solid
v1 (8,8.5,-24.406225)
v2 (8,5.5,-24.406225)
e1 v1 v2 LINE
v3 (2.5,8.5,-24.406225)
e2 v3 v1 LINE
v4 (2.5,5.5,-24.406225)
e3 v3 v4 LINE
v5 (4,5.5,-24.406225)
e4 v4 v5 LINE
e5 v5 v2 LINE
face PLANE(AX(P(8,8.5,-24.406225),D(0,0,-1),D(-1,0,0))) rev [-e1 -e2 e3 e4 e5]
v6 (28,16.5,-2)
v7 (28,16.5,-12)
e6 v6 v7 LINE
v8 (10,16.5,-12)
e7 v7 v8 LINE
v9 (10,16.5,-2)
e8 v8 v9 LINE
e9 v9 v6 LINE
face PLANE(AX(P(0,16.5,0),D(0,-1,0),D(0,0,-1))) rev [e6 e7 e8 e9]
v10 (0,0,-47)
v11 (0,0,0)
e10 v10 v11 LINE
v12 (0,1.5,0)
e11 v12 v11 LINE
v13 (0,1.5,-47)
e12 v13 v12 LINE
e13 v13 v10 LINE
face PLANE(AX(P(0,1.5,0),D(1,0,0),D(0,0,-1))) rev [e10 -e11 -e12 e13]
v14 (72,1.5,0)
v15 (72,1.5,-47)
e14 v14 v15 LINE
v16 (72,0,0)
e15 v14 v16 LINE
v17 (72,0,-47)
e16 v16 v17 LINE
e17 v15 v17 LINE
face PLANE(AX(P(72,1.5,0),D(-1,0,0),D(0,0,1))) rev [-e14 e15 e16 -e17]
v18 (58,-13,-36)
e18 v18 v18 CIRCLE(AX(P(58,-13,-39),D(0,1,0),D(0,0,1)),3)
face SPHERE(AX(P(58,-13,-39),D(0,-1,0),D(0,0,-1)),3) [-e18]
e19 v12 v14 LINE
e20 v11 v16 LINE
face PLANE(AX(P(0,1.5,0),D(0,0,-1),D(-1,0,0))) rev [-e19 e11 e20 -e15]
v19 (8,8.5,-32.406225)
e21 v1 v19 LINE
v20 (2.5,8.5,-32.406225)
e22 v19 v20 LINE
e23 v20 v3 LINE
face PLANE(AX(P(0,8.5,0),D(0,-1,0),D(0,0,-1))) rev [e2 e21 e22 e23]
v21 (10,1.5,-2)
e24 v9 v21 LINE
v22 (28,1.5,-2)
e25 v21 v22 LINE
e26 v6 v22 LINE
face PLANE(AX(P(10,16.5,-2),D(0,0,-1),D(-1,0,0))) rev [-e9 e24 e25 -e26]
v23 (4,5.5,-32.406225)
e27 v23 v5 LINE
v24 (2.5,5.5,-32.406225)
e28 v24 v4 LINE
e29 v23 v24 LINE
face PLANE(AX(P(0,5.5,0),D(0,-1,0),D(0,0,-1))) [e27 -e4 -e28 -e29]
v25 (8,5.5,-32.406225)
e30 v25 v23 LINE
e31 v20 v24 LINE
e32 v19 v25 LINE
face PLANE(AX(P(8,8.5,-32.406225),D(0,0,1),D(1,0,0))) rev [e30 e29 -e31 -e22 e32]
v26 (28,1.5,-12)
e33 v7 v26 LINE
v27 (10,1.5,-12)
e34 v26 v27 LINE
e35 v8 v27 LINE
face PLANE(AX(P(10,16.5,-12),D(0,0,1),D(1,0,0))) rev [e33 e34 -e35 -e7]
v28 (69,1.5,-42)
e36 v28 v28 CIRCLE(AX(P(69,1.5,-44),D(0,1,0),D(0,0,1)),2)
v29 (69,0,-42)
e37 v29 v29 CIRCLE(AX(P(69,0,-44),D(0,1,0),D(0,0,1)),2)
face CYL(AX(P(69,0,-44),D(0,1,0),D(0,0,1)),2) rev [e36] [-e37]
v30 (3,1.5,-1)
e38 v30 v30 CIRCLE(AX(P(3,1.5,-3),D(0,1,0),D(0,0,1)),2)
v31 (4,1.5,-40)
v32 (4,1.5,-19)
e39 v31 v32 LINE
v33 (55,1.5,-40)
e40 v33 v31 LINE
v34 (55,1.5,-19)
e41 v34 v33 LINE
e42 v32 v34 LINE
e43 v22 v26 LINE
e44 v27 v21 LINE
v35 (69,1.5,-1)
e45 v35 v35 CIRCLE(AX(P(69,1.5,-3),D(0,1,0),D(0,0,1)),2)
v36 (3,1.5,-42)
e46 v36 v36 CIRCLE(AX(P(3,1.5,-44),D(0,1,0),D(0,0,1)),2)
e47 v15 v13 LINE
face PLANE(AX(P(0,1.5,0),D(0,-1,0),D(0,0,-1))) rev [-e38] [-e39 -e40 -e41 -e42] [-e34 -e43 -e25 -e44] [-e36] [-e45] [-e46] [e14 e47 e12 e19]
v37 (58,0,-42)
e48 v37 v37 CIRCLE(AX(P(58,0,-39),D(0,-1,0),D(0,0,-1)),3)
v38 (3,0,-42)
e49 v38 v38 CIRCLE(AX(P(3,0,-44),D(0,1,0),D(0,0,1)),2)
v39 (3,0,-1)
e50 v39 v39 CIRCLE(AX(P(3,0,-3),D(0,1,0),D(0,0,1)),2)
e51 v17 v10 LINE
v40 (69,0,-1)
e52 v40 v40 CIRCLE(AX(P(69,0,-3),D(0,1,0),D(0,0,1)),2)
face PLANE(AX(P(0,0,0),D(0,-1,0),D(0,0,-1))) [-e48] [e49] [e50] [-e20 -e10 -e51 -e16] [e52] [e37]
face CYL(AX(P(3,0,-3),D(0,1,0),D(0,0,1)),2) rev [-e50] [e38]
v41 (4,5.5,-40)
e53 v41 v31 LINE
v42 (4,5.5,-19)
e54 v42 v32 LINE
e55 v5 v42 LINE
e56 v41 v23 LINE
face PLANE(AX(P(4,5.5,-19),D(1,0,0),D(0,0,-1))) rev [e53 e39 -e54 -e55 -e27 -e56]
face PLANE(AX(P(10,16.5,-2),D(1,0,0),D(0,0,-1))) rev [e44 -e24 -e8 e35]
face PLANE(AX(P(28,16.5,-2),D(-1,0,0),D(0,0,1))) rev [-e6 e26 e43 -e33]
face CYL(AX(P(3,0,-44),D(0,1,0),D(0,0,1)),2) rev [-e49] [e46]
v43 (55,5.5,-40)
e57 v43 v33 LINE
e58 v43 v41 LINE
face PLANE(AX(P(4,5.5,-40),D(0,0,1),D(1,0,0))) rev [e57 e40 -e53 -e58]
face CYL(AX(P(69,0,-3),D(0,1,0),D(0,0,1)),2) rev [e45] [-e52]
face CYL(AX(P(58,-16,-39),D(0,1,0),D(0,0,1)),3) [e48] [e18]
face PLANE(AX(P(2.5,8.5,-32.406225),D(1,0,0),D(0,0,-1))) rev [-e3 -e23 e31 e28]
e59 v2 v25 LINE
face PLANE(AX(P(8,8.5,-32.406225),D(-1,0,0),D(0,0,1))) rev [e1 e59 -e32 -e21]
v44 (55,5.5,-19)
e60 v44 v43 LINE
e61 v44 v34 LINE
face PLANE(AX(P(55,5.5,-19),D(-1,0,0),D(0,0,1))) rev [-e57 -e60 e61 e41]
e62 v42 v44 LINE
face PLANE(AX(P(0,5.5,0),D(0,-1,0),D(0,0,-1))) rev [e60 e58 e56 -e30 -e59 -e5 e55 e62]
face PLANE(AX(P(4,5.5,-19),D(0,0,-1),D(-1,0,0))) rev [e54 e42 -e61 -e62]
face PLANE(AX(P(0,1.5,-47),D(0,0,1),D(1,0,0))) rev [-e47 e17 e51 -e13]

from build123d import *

# Parameters (mm, degrees)
SKETCH1_W           = 72
SKETCH1_H           = 47
BOSS_EXTRUDE1_DEPTH = 1.5
CUT_EXTRUDE1_DEPTH  = 1.5
SKETCH3_W           = 18
SKETCH3_H           = 10
BOSS_EXTRUDE2_DEPTH = 15
SKETCH4_W           = 51
SKETCH4_H           = 21
BOSS_EXTRUDE3_DEPTH = 4
SKETCH5_W           = 5.5
SKETCH5_H           = 8
BOSS_EXTRUDE4_DEPTH = 3
SKETCH6_R           = 3
BOSS_EXTRUDE5_DEPTH = 16
FILLET1_R           = 3


with BuildPart() as part:
    # Sketch1 → Boss-Extrude1 (new body)
    with BuildSketch(Plane(origin=(0, 0, 0), x_dir=(1, 0, 0), z_dir=(0, 1, 0))):
        with Locations((36, 23.5)):
            Rectangle(SKETCH1_W, SKETCH1_H)
    extrude(amount=BOSS_EXTRUDE1_DEPTH)

    # Sketch2 → Cut-Extrude1 (cut)
    with BuildSketch(Plane(origin=(0, 1.5, 0), x_dir=(1, 0, 0), z_dir=(0, 1, 0))):
        with BuildLine():
            ThreePointArc((67, 44), (67.585786438, 42.585786438), (69, 42))
            Line((69, 42), (69, 44))
            Line((69, 44), (67, 44))
        make_face()
        with BuildLine():
            Line((69, 44), (69, 42))
            ThreePointArc((69, 42), (70.414213562, 42.585786438), (71, 44))
            ThreePointArc((71, 44), (69, 46), (67, 44))
            Line((67, 44), (69, 44))
        make_face()
        with BuildLine():
            ThreePointArc((69, 5), (67.585786438, 4.414213562), (67, 3))
            Line((67, 3), (69, 3))
            Line((69, 3), (69, 5))
        make_face()
        with BuildLine():
            Line((69, 3), (67, 3))
            ThreePointArc((67, 3), (69, 1), (71, 3))
            ThreePointArc((71, 3), (70.414213562, 4.414213562), (69, 5))
            Line((69, 5), (69, 3))
        make_face()
        with BuildLine():
            Line((3, 5), (3, 3))
            Line((3, 3), (5, 3))
            ThreePointArc((5, 3), (4.414213562, 4.414213562), (3, 5))
        make_face()
        with BuildLine():
            Line((5, 3), (3, 3))
            Line((3, 3), (3, 5))
            ThreePointArc((3, 5), (1.585786438, 1.585786438), (5, 3))
        make_face()
        with BuildLine():
            ThreePointArc((5, 44), (1.585786438, 45.414213562), (3, 42))
            Line((3, 42), (3, 44))
            Line((3, 44), (5, 44))
        make_face()
        with BuildLine():
            Line((3, 44), (3, 42))
            ThreePointArc((3, 42), (4.414213562, 42.585786438), (5, 44))
            Line((5, 44), (3, 44))
        make_face()
    extrude(amount=-CUT_EXTRUDE1_DEPTH, mode=Mode.SUBTRACT)

    # Sketch3 → Boss-Extrude2 (add)
    with BuildSketch(Plane(origin=(0, 1.5, 0), x_dir=(1, 0, 0), z_dir=(0, 1, 0))):
        with Locations((19, 7)):
            Rectangle(SKETCH3_W, SKETCH3_H)
    extrude(amount=BOSS_EXTRUDE2_DEPTH)

    # Sketch4 → Boss-Extrude3 (add)
    with BuildSketch(Plane(origin=(0, 1.5, 0), x_dir=(1, 0, 0), z_dir=(0, 1, 0))):
        with Locations((29.5, 29.5)):
            Rectangle(SKETCH4_W, SKETCH4_H)
    extrude(amount=BOSS_EXTRUDE3_DEPTH)

    # Sketch5 → Boss-Extrude4 (add)
    with BuildSketch(Plane(origin=(0, 5.5, 0), x_dir=(1, 0, 0), z_dir=(0, 1, 0))):
        with Locations((5.25, 28.406225208)):
            Rectangle(SKETCH5_W, SKETCH5_H)
    extrude(amount=BOSS_EXTRUDE4_DEPTH)

    # Sketch6 → Boss-Extrude5 (add)
    with BuildSketch(Plane.XZ):
        with Locations(Location((58, -39, 0), (0, 0, 270))):
            Circle(SKETCH6_R)
    extrude(amount=BOSS_EXTRUDE5_DEPTH)

    # Fillet1
    fillet1_edges = [part.edges().sort_by_distance(p)[0] for p in [
        (58, -16, -36),
    ]]
    fillet(fillet1_edges, radius=FILLET1_R)


solid = part.part
